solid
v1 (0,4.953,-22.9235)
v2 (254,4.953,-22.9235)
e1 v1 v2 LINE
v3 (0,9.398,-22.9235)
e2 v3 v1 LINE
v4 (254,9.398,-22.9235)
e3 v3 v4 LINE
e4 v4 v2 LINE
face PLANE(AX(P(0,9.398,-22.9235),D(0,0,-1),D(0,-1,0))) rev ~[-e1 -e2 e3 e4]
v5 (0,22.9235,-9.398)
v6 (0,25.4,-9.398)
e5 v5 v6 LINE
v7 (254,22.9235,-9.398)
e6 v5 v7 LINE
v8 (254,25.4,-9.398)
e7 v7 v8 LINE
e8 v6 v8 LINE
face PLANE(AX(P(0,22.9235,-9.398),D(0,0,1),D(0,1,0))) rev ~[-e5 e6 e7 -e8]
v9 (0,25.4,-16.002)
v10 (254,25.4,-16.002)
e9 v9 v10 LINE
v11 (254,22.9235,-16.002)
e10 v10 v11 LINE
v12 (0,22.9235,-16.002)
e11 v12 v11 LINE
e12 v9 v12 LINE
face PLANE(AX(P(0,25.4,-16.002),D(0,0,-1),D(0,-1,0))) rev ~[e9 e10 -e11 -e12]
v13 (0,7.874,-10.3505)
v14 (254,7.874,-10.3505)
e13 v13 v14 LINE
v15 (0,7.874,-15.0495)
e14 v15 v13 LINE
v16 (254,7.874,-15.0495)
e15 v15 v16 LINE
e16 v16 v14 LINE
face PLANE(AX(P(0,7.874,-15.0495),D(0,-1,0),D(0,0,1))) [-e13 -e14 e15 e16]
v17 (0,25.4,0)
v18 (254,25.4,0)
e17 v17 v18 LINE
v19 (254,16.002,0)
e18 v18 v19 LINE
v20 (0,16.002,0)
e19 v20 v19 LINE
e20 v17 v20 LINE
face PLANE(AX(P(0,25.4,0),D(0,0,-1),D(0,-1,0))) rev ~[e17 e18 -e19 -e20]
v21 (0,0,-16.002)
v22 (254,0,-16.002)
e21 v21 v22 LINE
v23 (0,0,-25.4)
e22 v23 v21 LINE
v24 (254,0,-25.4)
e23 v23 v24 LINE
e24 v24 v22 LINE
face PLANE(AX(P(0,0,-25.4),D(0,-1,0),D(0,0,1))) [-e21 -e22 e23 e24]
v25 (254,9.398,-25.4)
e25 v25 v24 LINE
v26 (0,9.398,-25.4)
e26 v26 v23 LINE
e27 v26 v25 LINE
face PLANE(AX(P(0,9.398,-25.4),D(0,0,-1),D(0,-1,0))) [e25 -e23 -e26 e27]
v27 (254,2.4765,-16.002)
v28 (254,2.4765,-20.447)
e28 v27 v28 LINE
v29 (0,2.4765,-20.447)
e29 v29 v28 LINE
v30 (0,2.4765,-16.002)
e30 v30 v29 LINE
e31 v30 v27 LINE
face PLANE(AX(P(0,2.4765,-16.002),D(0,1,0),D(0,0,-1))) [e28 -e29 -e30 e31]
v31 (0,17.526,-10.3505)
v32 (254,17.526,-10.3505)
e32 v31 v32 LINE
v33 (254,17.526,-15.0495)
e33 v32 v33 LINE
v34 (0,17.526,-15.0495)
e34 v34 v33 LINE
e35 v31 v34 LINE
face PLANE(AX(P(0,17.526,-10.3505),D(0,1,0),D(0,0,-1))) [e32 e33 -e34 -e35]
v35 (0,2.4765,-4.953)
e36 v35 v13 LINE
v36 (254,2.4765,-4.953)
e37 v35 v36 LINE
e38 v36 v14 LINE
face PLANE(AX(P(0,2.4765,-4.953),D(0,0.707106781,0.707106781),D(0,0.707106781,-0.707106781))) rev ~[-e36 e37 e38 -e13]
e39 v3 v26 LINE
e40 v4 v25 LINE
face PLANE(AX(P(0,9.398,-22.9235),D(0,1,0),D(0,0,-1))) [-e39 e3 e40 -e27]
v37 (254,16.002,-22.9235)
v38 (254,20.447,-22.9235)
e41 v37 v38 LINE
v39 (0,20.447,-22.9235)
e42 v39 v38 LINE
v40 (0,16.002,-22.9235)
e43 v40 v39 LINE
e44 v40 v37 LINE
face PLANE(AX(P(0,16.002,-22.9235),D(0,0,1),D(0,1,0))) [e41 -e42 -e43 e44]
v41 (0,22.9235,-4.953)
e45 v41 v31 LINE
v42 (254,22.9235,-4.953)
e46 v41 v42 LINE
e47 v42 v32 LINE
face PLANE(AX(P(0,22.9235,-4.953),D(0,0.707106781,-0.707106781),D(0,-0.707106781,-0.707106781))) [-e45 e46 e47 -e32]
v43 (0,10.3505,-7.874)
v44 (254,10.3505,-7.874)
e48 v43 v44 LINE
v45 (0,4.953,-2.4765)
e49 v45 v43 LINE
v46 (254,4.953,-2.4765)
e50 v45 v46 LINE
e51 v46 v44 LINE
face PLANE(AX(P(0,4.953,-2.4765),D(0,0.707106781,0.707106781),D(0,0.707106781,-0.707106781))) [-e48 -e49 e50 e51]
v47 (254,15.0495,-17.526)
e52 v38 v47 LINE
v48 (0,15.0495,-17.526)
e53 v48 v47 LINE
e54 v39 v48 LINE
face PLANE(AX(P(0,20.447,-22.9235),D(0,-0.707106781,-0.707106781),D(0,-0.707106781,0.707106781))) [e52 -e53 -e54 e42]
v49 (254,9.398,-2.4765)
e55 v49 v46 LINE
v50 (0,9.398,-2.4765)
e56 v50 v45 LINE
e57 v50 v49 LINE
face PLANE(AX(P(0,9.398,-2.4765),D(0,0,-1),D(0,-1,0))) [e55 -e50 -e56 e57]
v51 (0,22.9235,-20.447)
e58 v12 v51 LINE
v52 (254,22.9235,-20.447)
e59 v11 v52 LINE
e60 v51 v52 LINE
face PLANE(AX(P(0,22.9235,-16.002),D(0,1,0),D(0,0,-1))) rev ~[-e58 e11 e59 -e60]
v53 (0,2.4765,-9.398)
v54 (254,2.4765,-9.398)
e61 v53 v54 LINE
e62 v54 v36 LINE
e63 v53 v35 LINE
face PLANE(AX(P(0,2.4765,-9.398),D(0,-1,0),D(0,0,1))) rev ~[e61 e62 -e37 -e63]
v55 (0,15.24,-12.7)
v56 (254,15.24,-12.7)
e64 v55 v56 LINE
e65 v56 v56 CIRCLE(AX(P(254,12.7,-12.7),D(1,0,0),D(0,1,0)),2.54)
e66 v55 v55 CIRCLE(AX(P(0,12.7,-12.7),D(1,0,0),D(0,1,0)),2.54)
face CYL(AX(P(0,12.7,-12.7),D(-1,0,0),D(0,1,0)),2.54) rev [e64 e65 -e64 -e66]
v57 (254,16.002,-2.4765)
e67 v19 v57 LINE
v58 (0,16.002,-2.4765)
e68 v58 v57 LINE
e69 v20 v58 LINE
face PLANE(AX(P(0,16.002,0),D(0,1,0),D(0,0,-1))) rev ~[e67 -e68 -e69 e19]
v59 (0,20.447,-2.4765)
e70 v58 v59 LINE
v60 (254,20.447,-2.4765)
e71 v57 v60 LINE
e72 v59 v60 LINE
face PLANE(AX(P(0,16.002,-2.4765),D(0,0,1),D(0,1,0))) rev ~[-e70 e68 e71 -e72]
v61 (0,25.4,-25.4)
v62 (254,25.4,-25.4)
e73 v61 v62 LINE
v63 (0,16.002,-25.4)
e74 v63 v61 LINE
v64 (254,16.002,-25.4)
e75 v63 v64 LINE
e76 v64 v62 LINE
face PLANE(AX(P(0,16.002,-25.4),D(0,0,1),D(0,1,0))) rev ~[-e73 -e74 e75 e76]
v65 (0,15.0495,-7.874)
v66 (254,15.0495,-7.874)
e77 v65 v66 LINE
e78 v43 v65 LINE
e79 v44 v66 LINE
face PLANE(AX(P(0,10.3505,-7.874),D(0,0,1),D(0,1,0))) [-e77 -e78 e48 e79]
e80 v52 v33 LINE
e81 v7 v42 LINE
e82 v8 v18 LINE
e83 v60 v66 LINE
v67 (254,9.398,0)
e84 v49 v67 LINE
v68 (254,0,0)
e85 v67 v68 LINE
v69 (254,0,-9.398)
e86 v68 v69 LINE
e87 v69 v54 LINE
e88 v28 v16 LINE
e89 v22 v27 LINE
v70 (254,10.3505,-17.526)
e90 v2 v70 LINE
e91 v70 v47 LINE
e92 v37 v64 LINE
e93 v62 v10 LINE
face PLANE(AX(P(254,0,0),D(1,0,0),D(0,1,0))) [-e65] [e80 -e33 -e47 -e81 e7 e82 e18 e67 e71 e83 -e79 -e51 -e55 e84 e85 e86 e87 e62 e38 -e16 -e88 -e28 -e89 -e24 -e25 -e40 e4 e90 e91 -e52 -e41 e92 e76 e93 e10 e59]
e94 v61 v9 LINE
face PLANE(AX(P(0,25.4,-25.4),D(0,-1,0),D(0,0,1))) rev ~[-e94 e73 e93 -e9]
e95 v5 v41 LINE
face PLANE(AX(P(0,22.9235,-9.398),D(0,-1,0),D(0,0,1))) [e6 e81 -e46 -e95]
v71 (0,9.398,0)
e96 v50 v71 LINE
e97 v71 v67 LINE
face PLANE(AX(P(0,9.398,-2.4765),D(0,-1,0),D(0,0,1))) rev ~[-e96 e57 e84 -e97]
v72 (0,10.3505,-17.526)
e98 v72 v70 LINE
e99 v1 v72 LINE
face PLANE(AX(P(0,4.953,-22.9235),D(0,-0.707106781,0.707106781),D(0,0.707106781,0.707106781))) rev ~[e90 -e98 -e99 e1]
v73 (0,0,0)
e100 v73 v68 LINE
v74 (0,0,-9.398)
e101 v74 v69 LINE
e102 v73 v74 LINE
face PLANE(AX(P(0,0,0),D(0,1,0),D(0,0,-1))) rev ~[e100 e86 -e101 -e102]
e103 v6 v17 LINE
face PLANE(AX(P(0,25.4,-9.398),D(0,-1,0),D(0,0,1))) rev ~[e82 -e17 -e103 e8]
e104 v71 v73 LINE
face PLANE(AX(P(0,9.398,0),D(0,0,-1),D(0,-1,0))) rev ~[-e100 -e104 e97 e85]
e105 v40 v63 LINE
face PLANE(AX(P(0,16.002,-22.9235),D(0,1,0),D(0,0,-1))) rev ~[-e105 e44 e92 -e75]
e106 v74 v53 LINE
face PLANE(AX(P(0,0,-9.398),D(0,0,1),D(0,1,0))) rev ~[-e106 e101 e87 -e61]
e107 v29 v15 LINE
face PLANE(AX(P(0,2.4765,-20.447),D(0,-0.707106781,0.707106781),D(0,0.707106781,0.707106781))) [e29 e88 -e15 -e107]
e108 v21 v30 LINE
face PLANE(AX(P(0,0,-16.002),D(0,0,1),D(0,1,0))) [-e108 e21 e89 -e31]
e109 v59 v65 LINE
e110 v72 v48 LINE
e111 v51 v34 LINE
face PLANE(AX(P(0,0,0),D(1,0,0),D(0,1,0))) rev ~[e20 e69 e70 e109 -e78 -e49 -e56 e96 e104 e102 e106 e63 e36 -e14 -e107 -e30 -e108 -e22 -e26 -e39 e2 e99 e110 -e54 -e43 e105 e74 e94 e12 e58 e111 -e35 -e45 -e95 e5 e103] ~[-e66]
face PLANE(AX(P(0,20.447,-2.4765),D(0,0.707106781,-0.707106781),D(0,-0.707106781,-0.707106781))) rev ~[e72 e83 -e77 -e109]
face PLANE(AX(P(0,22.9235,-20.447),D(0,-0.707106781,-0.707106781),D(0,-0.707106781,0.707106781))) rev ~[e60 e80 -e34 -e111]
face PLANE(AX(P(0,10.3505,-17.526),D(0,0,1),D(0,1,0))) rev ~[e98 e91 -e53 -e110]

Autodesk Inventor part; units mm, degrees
ref_plane "YZ Plane" through (0, 0, 0) normal (1, 0, 0) x (0, 1, 0)
ref_plane "XZ Plane" through (0, 0, 0) normal (0, 1, 0) x (-1, 0, 0)
ref_plane "XY Plane" through (0, 0, 0) normal (0, 0, 1) x (1, 0, 0)
sketch "Sketch1" plane through (0, 0, 0) normal (1, 0, 0) x (0, 1, 0)
  line L0 (0, 0) -> (0, -9.398)
  line L1 (0, -9.398) -> (2.4765, -9.398)
  line L2 (9.398, -2.4765) -> (9.398, 0)
  line L3 (9.398, 0) -> (0, 0)
  line L4 (16.002, 0) -> (16.002, -2.4765)
  line L5 (22.9235, -9.398) -> (25.4, -9.398)
  line L6 (25.4, -9.398) -> (25.4, 0)
  line L7 (25.4, 0) -> (16.002, 0)
  line L8 (25.4, -16.002) -> (22.9235, -16.002)
  line L9 (16.002, -22.9235) -> (16.002, -25.4)
  line L10 (16.002, -25.4) -> (25.4, -25.4)
  line L11 (25.4, -25.4) -> (25.4, -16.002)
  line L12 (0, -16.002) -> (2.4765, -16.002)
  line L13 (9.398, -22.9235) -> (9.398, -25.4)
  line L14 (9.398, -25.4) -> (0, -25.4)
  line L15 (0, -25.4) -> (0, -16.002)
  line L16 (22.9235, -9.398) -> (22.9235, -4.953)
  line L17 (16.002, -2.4765) -> (20.447, -2.4765)
  line L18 (20.447, -2.4765) -> (15.0495, -7.874)
  line L19 (20.447, -2.4765) -> (28.0802, -2.4765) construction
  line L20 (22.9235, -4.953) -> (17.526, -10.3505)
  line L21 (22.9235, -16.002) -> (22.9235, -20.447)
  line L22 (22.9235, -20.447) -> (17.526, -15.0495)
  line L23 (16.002, -22.9235) -> (20.447, -22.9235)
  line L24 (20.447, -22.9235) -> (15.0495, -17.526)
  line L25 (2.4765, -16.002) -> (2.4765, -20.447)
  line L26 (2.4765, -20.447) -> (7.874, -15.0495)
  line L27 (9.398, -22.9235) -> (4.953, -22.9235)
  line L28 (4.953, -22.9235) -> (10.3505, -17.526)
  line L29 (9.398, -2.4765) -> (4.953, -2.4765)
  line L30 (4.953, -2.4765) -> (10.3505, -7.874)
  line L31 (2.4765, -9.398) -> (2.4765, -4.953)
  line L32 (2.4765, -4.953) -> (7.874, -10.3505)
  line L33 (10.3505, -7.874) -> (15.0495, -7.874)
  line L34 (17.526, -10.3505) -> (17.526, -15.0495)
  line L35 (10.3505, -17.526) -> (15.0495, -17.526)
  line L36 (7.874, -15.0495) -> (7.874, -10.3505)
  circle A0 centre (12.7, -12.7) radius 2.54
  dimension "d2" = 9.398
  dimension "d3" = 2.4765
  dimension "d7" = 2.4765
  dimension "d10" = 2.4765
  dimension "d11" = 25.4
  dimension "d13" = 2.4765
  dimension "d16" = 2.4765
  dimension "d17" = 9.398
  dimension "d18" = 25.4
  dimension "d23" = 2.4765
  dimension "d24" = 25.4
  dimension "d25" = 25.4
  dimension "d32" = 4.445
  dimension "d33" = 4.445
  dimension "d35" = 135
  dimension "d36" = 4.445
  dimension "d37" = 4.445
  dimension "d38" = 2.4765
  dimension "d40" = 4.445
  dimension "d41" = 4.445
  dimension "d42" = 4.445
  dimension "d43" = 4.445
  dimension "d44" = 5.08
extrude "Extrusion1" add sketch "Sketch1" along normal blind 254
properties part number "LatX24in1"
